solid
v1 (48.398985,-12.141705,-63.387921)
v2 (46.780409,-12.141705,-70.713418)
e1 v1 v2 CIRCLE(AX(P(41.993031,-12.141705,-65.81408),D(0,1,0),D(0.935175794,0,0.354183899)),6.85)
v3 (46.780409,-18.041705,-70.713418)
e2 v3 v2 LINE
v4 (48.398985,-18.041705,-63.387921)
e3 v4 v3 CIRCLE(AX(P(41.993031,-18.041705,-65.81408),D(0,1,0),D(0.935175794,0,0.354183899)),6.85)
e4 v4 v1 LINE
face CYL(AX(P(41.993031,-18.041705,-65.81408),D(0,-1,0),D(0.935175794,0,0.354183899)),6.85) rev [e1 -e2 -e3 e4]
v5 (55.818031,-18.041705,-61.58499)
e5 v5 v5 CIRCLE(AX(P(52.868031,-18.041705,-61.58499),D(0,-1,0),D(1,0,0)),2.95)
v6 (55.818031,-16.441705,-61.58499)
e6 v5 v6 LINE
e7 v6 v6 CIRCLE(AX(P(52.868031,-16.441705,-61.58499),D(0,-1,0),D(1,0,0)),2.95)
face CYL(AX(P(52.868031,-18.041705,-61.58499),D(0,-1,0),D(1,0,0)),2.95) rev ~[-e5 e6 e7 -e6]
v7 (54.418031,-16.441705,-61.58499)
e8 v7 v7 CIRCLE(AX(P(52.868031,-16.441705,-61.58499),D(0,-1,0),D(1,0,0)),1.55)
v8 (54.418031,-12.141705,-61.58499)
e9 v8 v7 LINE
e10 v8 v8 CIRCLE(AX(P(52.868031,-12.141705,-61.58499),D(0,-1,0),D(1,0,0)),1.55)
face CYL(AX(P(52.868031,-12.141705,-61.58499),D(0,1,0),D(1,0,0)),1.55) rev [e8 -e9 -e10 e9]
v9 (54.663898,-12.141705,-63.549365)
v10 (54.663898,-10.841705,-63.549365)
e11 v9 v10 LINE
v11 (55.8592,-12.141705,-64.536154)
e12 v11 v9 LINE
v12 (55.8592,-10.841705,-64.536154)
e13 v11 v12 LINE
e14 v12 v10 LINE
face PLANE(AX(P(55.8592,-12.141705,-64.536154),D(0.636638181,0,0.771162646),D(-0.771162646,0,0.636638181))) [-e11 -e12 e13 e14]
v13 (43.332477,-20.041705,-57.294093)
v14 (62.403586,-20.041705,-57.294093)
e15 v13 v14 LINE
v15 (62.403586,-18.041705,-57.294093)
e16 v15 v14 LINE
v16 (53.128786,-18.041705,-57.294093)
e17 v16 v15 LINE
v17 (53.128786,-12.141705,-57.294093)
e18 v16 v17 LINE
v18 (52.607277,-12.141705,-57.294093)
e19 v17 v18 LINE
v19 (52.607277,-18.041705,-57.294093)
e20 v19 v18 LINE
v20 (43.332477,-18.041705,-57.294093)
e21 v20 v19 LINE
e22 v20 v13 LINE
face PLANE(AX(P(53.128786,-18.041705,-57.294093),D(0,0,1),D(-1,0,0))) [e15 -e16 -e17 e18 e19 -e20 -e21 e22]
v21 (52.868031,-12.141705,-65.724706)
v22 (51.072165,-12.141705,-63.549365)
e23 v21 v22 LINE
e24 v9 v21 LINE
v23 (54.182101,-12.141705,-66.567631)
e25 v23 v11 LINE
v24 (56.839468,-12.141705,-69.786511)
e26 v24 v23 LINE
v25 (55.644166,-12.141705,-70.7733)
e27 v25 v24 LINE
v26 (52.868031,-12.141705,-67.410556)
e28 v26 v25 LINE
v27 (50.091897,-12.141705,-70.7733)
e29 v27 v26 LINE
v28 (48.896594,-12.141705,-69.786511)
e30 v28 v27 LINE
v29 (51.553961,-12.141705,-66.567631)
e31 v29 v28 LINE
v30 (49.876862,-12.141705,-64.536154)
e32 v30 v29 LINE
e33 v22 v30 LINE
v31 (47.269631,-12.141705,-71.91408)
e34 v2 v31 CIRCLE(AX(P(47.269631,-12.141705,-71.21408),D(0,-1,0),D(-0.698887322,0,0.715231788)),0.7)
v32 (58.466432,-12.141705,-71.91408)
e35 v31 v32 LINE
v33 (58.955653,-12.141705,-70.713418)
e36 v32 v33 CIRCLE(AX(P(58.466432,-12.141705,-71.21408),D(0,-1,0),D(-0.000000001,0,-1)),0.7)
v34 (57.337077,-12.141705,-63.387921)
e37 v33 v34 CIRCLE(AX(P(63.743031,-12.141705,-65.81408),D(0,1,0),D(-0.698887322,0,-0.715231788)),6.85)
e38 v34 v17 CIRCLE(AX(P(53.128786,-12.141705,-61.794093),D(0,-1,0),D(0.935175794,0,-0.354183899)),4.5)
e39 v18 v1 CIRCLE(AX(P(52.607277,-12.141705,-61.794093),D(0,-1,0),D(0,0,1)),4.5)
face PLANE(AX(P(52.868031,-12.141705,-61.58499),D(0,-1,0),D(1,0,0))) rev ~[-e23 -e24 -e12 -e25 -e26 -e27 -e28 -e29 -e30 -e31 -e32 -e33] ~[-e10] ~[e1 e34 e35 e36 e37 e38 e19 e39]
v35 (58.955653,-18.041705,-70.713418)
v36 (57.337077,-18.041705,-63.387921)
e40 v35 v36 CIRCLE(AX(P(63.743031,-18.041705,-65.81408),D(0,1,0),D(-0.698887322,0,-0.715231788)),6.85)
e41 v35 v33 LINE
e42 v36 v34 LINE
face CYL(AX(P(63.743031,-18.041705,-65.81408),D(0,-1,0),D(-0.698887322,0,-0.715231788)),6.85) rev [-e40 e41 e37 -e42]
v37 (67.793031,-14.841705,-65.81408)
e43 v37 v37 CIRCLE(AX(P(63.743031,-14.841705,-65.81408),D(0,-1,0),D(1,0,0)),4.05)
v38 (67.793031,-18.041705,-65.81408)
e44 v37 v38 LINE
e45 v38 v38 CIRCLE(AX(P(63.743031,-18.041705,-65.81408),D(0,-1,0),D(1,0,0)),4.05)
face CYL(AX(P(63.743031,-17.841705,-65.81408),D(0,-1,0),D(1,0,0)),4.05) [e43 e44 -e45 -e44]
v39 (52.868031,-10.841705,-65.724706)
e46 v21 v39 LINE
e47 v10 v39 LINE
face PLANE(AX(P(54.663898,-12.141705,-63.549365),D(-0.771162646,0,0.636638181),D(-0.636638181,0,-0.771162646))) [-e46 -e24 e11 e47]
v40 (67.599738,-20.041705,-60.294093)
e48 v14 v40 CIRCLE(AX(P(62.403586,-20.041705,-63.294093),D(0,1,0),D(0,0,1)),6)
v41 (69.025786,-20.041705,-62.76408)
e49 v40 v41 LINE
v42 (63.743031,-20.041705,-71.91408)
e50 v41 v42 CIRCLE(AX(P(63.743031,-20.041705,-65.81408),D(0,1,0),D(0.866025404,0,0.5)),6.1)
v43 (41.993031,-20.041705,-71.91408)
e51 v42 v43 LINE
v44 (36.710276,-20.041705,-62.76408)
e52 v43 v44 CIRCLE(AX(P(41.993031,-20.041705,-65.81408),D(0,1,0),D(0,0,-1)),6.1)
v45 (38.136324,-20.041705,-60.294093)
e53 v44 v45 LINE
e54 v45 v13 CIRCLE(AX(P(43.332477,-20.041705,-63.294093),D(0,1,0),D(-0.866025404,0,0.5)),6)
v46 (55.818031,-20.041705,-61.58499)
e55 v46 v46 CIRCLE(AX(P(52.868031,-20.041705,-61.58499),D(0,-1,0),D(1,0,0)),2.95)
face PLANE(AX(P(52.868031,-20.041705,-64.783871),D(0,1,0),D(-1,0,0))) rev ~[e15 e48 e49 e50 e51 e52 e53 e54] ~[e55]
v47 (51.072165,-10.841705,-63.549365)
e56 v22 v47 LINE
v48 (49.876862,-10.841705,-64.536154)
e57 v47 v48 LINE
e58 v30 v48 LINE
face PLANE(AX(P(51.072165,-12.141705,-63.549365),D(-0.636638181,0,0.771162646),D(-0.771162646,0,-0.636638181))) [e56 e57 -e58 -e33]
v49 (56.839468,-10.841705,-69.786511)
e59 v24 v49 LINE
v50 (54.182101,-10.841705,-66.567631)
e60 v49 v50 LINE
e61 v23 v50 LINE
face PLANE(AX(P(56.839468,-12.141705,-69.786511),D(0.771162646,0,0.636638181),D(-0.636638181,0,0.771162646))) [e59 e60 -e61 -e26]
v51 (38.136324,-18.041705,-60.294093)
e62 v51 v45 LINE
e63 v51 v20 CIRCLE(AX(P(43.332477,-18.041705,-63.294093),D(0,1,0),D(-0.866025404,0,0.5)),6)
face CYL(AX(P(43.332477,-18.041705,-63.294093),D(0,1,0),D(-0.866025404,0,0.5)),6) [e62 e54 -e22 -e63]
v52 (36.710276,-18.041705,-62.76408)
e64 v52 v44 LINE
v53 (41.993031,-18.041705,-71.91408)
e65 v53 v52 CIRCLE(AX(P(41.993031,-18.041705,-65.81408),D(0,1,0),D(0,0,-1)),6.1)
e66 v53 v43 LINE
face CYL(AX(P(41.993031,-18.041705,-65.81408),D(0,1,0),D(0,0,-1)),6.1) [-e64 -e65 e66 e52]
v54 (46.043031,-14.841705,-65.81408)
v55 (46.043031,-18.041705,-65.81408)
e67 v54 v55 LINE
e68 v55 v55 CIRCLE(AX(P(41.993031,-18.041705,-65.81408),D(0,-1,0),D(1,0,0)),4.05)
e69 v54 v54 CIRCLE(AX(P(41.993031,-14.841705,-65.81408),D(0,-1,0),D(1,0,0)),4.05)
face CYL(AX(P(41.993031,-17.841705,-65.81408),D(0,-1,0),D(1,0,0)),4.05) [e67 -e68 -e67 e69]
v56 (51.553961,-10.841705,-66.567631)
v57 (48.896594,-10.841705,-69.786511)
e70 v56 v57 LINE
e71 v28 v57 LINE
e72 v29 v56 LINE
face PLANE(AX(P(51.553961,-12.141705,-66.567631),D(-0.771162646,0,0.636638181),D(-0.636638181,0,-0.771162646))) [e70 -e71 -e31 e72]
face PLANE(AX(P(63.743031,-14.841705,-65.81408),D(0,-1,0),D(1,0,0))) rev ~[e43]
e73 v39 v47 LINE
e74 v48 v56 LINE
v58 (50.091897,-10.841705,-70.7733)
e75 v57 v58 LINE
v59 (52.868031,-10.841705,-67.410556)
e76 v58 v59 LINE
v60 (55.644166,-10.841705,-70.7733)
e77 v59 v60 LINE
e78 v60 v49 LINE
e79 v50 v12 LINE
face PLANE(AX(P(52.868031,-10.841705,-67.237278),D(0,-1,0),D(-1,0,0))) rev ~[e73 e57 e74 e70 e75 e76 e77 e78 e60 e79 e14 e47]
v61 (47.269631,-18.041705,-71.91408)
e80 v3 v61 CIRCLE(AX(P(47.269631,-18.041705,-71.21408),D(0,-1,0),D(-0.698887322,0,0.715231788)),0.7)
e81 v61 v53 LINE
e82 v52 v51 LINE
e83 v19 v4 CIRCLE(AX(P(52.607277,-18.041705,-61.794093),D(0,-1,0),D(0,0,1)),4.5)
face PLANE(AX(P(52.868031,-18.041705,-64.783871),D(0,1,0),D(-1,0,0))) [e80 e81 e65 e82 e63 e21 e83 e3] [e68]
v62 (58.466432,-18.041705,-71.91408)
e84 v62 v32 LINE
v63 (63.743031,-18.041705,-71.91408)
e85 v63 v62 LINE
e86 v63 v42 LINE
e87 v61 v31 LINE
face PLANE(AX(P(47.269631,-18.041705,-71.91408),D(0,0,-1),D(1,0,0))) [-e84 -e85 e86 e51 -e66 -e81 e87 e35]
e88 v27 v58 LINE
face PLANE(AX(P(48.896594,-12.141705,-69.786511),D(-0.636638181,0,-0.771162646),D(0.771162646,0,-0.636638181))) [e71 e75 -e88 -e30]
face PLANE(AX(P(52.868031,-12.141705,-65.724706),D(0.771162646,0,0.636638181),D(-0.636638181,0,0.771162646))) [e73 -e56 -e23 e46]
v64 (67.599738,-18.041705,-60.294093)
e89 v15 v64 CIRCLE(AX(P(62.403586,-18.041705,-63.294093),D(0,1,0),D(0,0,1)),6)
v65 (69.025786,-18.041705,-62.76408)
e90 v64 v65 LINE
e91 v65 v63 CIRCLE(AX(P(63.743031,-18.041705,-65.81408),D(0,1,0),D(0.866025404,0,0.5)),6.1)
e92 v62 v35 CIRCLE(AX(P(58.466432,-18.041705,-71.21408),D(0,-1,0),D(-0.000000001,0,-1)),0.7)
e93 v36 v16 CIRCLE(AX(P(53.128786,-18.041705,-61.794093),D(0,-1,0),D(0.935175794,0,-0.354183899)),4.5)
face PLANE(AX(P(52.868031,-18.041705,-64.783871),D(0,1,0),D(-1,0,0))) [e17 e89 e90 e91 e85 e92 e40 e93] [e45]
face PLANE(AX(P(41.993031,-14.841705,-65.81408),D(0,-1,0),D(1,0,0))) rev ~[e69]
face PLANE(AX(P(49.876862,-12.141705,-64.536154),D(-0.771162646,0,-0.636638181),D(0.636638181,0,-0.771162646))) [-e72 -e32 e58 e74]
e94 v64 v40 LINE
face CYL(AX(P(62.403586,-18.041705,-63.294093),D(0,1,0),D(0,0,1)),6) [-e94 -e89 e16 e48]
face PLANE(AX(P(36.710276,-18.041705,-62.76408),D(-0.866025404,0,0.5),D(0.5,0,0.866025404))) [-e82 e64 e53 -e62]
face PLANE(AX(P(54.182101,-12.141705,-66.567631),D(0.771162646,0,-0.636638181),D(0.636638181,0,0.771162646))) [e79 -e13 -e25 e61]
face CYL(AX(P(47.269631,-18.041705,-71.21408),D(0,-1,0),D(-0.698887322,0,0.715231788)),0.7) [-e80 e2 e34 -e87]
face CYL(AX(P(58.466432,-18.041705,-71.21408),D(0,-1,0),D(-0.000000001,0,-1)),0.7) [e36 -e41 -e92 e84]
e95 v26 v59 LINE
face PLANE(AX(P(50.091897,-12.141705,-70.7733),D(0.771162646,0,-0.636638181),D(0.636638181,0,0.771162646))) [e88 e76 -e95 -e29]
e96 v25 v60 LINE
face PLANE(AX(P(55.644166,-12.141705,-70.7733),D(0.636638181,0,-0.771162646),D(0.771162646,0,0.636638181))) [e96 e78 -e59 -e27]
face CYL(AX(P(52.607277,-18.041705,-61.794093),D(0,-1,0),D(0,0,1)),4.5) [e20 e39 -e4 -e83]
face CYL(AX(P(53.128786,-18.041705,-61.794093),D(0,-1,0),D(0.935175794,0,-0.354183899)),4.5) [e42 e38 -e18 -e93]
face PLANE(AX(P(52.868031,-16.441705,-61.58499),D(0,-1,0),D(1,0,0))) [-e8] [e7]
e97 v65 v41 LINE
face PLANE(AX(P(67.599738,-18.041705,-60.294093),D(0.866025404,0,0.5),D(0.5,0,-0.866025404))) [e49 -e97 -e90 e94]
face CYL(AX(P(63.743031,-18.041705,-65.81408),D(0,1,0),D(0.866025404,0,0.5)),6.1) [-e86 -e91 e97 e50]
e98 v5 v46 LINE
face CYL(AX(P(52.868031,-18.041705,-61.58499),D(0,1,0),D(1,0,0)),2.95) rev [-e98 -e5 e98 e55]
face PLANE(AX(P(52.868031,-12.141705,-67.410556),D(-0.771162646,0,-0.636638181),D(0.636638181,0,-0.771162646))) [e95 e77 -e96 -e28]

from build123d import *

# Parameters (mm, degrees)
BOSS_EXTRUDE1_START        = 0.2
SKETCH2_R                  = 4.05
BOSS_EXTRUDE1_DEPTH        = 0.2
BOSS_EXTRUDE1_DEPTH_BACK   = 3
BOSS_EXTRUDE1_2_DEPTH      = 0.2
BOSS_EXTRUDE1_2_DEPTH_BACK = 3
BOSS_EXTRUDE2_START        = 0.4
SKETCH2_8_R                = 2.95
BOSS_EXTRUDE2_DEPTH        = 2
BOSS_EXTRUDE3_START        = 0.4
SKETCH2_10_R               = 2.95
BOSS_EXTRUDE3_DEPTH        = 5.9
BOSS_EXTRUDE4_START        = -5.5
SKETCH2_11_R               = 2.95
SKETCH2_11_R_2             = 1.55
BOSS_EXTRUDE4_DEPTH        = 4.3
BOSS_EXTRUDE5_DEPTH        = 1.3


with BuildPart() as part:
    # Sketch2 → Boss-Extrude1 (new body, two sides)
    with BuildSketch(Plane.XZ.offset(17.641705272).offset(BOSS_EXTRUDE1_START)) as boss_extrude1_sk:
        with Locations((41.993031242, -65.814080244)):
            Circle(SKETCH2_R)
    extrude(amount=BOSS_EXTRUDE1_DEPTH)
    extrude(boss_extrude1_sk.sketch, amount=-BOSS_EXTRUDE1_DEPTH_BACK)



with BuildPart() as body_2:
    # Sketch2 → Boss-Extrude1 2 (new body, two sides)
    with BuildSketch(Plane.XZ.offset(17.641705272).offset(BOSS_EXTRUDE1_START)) as boss_extrude1_2_sk:
        with Locations((63.743031242, -65.814080244)):
            Circle(SKETCH2_R)
    extrude(amount=BOSS_EXTRUDE1_2_DEPTH)
    extrude(boss_extrude1_2_sk.sketch, amount=-BOSS_EXTRUDE1_2_DEPTH_BACK)


with BuildPart() as part_1:
    add(part.part)

    add(body_2.part)  # Boss-Extrude2 merges body 2
    # Sketch2_8 → Boss-Extrude2 (add)
    with BuildSketch(Plane.XZ.offset(17.641705272).offset(BOSS_EXTRUDE2_START)):
        with BuildLine():
            Line((43.332476509, -57.294092988), (62.403585975, -57.294092988))
            ThreePointArc((62.403585975, -57.294092988), (65.403585975, -58.097940565), (67.599738397, -60.294092988))
            Line((67.599738397, -60.294092988), (69.025786205, -62.764080244))
            ThreePointArc((69.025786205, -62.764080244), (69.025786205, -68.864080244), (63.743031242, -71.914080244))
            Line((63.743031242, -71.914080244), (41.993031242, -71.914080244))
            ThreePointArc((41.993031242, -71.914080244), (36.710276279, -68.864080244), (36.710276279, -62.764080244))
            Line((36.710276279, -62.764080244), (38.136324086, -60.294092988))
            ThreePointArc((38.136324086, -60.294092988), (40.332476509, -58.097940565), (43.332476509, -57.294092988))
        make_face()
        with Locations((52.868031242, -61.584989522)):
            Circle(SKETCH2_8_R, mode=Mode.SUBTRACT)
    extrude(amount=BOSS_EXTRUDE2_DEPTH)

    # Sketch2_10 → Boss-Extrude3 (add)
    with BuildSketch(Plane.XZ.offset(17.641705272).offset(BOSS_EXTRUDE3_START)):
        with BuildLine():
            Line((53.128785981, -57.294092988), (52.607276503, -57.294092988))
            ThreePointArc((52.607276503, -57.294092988), (48.904424631, -59.236968036), (48.39898543, -63.387920534))
            ThreePointArc((48.39898543, -63.387920534), (48.681708279, -67.291950162), (46.7804094, -70.713417992))
            ThreePointArc((46.7804094, -70.713417992), (46.621377652, -71.478216974), (47.269630525, -71.914080244))
            Line((47.269630525, -71.914080244), (58.466431958, -71.914080244))
            ThreePointArc((58.466431958, -71.914080244), (59.114684832, -71.478216974), (58.955653084, -70.713417992))
            ThreePointArc((58.955653084, -70.713417992), (57.054354205, -67.291950162), (57.337077053, -63.387920534))
            ThreePointArc((57.337077053, -63.387920534), (56.831637852, -59.236968036), (53.128785981, -57.294092988))
        make_face()
        with Locations((52.868031242, -61.584989522)):
            Circle(SKETCH2_10_R, mode=Mode.SUBTRACT)
    extrude(amount=-BOSS_EXTRUDE3_DEPTH)

    # Sketch2_11 → Boss-Extrude4 (add)
    with BuildSketch(Plane.XZ.offset(17.641705272).offset(BOSS_EXTRUDE4_START)):
        with Locations((52.868031242, -61.584989522)):
            Circle(SKETCH2_11_R)
        with Locations((52.868031242, -61.584989522)):
            Circle(SKETCH2_11_R_2, mode=Mode.SUBTRACT)
    extrude(amount=BOSS_EXTRUDE4_DEPTH)

    # Sketch3 → Boss-Extrude5 (add)
    with BuildSketch(Plane(origin=(0, -12.141705272, 0), x_dir=(1, 0, 0), z_dir=(0, 1, 0))):
        Polygon((50.091896525, 70.773300161), (52.868031242, 67.410555891), (55.644165958, 70.773300161), (56.83946806, 69.786510981), (54.182101398, 66.567630982), (55.859200009, 64.536154012), (54.663897908, 63.549364832), (52.868031242, 65.724706073), (51.072164576, 63.549364832), (49.876862474, 64.536154012), (51.553961085, 66.567630982), (48.896594423, 69.786510981), align=None)
    extrude(amount=BOSS_EXTRUDE5_DEPTH)


solid = part_1.part
